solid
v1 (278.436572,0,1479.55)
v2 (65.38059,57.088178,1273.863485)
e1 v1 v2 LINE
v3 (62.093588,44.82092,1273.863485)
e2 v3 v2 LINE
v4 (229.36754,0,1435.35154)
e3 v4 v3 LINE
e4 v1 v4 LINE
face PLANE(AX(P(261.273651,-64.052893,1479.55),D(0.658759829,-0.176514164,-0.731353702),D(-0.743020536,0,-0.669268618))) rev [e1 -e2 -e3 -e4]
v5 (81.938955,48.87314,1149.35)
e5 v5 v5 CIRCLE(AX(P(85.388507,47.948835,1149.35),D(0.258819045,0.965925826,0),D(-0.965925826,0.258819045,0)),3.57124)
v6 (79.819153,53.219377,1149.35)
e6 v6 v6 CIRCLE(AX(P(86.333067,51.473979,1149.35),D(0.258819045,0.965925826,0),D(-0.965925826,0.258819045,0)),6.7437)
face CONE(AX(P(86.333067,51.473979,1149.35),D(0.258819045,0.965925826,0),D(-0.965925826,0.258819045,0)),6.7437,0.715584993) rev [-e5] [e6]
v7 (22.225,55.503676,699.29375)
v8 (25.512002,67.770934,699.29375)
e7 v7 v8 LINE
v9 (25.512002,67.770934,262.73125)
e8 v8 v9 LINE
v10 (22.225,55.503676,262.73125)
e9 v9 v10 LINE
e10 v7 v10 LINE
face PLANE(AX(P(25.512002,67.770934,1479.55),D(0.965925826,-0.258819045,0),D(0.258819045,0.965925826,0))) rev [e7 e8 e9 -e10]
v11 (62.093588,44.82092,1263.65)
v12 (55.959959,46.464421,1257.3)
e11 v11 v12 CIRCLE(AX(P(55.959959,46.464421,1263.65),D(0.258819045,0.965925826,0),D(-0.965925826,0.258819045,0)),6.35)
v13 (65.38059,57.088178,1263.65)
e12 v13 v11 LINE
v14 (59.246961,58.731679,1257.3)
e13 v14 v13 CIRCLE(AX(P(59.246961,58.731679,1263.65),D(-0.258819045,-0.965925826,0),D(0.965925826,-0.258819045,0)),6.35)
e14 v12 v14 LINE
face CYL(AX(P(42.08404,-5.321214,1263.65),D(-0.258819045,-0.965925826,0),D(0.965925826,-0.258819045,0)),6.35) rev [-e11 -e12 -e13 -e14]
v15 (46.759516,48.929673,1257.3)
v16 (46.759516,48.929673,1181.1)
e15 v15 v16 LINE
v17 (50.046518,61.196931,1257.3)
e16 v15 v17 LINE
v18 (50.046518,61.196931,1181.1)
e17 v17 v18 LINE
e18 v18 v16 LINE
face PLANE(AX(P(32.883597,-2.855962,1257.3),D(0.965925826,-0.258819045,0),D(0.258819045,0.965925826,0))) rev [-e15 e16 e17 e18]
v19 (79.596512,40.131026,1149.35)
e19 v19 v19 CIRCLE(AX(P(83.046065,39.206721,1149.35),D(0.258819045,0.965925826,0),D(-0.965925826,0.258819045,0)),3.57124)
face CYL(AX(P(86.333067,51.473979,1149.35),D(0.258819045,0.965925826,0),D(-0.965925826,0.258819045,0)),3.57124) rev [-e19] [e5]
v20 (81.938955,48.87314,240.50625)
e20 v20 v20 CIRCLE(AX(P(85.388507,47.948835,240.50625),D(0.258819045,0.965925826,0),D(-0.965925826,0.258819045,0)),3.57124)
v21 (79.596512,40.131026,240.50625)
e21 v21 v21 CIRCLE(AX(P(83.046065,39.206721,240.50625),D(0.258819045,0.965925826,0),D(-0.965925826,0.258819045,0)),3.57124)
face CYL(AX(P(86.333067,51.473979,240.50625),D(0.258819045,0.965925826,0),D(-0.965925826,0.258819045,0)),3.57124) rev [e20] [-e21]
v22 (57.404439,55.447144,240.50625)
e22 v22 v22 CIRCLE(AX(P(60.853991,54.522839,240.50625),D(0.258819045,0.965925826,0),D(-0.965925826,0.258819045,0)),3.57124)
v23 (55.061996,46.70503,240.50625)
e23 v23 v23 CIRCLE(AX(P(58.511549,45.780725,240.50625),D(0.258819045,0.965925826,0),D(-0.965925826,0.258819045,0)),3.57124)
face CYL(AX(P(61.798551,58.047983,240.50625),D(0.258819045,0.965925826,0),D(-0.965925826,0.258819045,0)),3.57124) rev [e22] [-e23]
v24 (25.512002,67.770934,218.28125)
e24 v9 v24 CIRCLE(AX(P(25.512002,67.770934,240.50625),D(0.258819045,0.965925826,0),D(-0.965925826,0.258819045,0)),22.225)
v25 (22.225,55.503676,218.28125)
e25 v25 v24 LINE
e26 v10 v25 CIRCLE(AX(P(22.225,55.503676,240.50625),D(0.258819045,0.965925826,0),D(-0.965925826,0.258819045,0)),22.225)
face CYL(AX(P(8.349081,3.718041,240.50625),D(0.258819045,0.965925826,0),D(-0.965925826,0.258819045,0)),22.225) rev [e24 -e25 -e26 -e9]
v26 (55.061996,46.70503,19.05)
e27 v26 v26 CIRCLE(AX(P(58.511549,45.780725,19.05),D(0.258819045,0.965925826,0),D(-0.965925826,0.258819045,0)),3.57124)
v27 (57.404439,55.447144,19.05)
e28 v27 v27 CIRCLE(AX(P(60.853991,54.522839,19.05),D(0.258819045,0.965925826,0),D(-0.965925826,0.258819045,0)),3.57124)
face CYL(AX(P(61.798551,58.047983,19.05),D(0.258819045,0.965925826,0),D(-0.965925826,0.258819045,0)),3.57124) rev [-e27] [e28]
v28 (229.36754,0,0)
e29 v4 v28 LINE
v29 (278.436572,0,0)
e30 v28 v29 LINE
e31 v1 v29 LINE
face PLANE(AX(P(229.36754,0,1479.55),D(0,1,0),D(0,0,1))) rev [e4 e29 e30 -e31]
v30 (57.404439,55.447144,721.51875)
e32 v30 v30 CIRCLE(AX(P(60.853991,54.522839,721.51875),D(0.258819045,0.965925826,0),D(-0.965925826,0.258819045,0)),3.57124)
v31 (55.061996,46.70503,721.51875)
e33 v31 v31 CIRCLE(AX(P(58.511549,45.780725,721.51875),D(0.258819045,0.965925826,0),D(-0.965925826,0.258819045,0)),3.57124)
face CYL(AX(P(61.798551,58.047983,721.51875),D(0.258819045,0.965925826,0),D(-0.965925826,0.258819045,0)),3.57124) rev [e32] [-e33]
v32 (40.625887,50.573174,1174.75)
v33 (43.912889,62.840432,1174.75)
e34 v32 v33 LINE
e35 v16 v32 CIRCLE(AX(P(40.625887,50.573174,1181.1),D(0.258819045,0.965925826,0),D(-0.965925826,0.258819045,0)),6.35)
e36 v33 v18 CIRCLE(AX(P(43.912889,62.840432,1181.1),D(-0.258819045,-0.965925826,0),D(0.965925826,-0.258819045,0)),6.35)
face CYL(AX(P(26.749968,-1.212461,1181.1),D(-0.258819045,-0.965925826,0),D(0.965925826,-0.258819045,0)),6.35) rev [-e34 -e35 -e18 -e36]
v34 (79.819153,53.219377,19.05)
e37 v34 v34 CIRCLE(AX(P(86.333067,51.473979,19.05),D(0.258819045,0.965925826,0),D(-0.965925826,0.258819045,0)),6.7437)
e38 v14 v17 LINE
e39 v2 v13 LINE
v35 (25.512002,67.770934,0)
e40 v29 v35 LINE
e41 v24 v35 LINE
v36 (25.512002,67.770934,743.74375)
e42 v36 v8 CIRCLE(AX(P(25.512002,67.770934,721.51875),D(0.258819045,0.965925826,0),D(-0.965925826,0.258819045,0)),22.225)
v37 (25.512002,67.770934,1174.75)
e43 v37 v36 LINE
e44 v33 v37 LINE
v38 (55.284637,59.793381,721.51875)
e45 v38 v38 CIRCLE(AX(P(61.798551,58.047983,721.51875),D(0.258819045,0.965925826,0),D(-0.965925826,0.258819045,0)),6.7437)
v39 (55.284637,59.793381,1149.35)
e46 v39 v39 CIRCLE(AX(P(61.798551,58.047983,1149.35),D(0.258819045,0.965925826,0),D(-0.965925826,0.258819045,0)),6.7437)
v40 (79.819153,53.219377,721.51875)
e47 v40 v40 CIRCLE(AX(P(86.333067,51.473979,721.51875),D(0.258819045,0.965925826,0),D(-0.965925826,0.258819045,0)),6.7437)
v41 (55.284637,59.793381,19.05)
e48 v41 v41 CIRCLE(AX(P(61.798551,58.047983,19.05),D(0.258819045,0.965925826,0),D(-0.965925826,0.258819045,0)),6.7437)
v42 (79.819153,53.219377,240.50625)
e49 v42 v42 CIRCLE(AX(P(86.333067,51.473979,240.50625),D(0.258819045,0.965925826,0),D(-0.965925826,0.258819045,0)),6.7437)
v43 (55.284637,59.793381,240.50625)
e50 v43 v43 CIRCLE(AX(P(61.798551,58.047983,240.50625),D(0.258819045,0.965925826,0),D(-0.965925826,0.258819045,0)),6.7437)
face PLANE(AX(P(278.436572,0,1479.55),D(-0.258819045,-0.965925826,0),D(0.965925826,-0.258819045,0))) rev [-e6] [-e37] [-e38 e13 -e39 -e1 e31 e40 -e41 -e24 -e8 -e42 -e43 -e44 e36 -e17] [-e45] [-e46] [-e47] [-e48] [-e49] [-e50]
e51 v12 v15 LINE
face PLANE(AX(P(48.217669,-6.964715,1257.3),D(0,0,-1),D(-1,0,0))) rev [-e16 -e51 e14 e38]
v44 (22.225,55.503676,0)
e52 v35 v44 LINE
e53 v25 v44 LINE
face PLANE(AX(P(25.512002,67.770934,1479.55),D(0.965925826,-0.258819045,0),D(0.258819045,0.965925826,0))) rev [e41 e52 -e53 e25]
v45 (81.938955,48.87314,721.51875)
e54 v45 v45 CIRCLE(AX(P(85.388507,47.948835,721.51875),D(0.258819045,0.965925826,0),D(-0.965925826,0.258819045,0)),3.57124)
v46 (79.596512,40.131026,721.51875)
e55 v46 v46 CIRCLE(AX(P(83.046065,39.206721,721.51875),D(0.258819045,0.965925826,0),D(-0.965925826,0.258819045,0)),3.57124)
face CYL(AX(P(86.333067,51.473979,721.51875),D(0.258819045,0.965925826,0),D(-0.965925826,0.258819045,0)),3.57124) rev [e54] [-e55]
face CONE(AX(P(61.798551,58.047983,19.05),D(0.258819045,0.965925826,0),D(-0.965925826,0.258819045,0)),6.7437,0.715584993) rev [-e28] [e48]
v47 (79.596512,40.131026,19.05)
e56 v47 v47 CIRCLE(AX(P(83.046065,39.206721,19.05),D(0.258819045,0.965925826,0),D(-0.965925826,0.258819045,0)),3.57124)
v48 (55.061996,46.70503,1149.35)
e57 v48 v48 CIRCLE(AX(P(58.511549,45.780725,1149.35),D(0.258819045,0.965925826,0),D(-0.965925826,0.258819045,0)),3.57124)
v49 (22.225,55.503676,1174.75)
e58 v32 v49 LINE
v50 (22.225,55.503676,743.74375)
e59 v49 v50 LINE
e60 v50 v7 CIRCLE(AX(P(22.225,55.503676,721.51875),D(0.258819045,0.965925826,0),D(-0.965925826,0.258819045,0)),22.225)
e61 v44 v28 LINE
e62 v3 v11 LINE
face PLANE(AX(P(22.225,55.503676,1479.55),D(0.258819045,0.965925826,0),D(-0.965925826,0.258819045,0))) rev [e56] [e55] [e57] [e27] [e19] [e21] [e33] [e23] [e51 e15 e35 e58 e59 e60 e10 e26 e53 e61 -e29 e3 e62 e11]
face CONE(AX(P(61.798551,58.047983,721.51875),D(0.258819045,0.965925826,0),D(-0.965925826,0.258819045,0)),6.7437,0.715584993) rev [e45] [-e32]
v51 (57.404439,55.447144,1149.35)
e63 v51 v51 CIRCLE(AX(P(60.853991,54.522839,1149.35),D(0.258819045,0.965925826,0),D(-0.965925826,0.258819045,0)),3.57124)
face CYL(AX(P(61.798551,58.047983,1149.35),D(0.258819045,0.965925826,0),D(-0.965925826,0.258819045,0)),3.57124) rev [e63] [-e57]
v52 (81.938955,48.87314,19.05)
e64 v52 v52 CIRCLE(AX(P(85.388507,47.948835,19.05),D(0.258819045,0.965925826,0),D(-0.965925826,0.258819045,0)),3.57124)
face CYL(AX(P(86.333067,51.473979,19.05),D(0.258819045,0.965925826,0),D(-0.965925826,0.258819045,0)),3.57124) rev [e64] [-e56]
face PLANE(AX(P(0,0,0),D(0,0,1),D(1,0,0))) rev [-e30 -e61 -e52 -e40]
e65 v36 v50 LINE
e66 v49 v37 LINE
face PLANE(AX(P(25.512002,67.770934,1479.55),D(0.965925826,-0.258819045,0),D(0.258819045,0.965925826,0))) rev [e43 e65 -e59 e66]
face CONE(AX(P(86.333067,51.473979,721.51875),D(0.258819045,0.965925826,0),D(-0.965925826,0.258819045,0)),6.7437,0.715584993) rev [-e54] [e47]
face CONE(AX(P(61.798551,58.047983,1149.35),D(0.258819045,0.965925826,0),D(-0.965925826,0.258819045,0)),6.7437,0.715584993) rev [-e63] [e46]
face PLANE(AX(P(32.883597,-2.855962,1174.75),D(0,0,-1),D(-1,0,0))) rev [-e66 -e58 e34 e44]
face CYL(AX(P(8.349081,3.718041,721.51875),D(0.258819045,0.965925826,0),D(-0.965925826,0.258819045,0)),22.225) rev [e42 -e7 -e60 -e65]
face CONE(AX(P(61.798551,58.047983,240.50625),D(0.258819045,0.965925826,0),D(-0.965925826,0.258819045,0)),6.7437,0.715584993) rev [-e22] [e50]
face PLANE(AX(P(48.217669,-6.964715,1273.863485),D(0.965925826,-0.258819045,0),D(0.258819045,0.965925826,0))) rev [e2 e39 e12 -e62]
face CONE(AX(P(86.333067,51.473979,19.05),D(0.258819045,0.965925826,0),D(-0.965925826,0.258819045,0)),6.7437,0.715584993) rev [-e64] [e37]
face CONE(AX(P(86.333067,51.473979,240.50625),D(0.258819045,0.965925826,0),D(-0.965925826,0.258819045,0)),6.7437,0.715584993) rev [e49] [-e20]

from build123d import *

# Parameters (mm, degrees)
BOSS_EXTRUDE1_DEPTH                                 = 1479.55
CSK_FOR_1_4_FLAT_HEAD_SOCKET_CAP_SCREW1_D           = 7.14248
CSK_FOR_1_4_FLAT_HEAD_SOCKET_CAP_SCREW1_CSINK_D     = 13.4874
CSK_FOR_1_4_FLAT_HEAD_SOCKET_CAP_SCREW1_CSINK_ANGLE = 82
SKETCH4_R                                           = 22.225
CUT_EXTRUDE1_DEPTH                                  = 67.312434508
CUT_EXTRUDE2_DEPTH                                  = 67.312434508
FILLET1_R                                           = 6.35


with BuildPart() as part:
    # Sketch1 → Boss-Extrude1 (new body)
    with BuildSketch(Plane.XY):
        Polygon((22.225, 55.50367642), (229.367540407, 0), (278.436572382, 0), (25.512001873, 67.770934414), align=None)
    extrude(amount=BOSS_EXTRUDE1_DEPTH)

    # CSK for 1/4 Flat Head Socket Cap Screw1 (through all)
    with Locations(Plane(origin=(18.651713678, 69.609143096, 0), x_dir=(0.965925826, -0.258819045, 0), z_dir=(0.258819045, 0.965925826, 0))):
        with Locations((44.668892959, -721.51875), (70.068892959, -721.51875), (44.668892959, -240.50625), (70.068892959, -240.50625), (44.668892959, -1149.35), (70.068892959, -1149.35), (44.668892959, -19.05), (70.068892959, -19.05)):
            CounterSinkHole(CSK_FOR_1_4_FLAT_HEAD_SOCKET_CAP_SCREW1_D / 2, CSK_FOR_1_4_FLAT_HEAD_SOCKET_CAP_SCREW1_CSINK_D / 2, counter_sink_angle=CSK_FOR_1_4_FLAT_HEAD_SOCKET_CAP_SCREW1_CSINK_ANGLE)

    # Sketch4 → Cut-Extrude1 (cut, through all)
    with BuildSketch(Plane(origin=(18.651713678, 69.609143096, 0), x_dir=(0.965925826, -0.258819045, 0), z_dir=(0.258819045, 0.965925826, 0))):
        with Locations((7.102292959, -240.50625)):
            Circle(SKETCH4_R)
        with Locations((7.102292959, -721.51875)):
            Circle(SKETCH4_R)
    extrude(amount=-CUT_EXTRUDE1_DEPTH, mode=Mode.SUBTRACT)

    # Sketch5 → Cut-Extrude2 (cut, through all)
    with BuildSketch(Plane(origin=(18.651713678, 69.609143096, 0), x_dir=(0.965925826, -0.258819045, 0), z_dir=(0.258819045, 0.965925826, 0))):
        Polygon((268.949076248, -1479.55), (48.377292959, -1273.863484507), (48.377292959, -1257.3), (32.502292959, -1257.3), (32.502292959, -1174.75), (7.102292959, -1174.75), (7.102292959, -1479.55), align=None)
    extrude(amount=-CUT_EXTRUDE2_DEPTH, mode=Mode.SUBTRACT)

    # Fillet1
    fillet1_edges = [part.edges().sort_by_distance(p)[0] for p in [
        (63.737089416, 50.954549331, 1257.3),
        (48.403016924, 55.063301672, 1174.75),
    ]]
    fillet(fillet1_edges, radius=FILLET1_R)


solid = part.part
